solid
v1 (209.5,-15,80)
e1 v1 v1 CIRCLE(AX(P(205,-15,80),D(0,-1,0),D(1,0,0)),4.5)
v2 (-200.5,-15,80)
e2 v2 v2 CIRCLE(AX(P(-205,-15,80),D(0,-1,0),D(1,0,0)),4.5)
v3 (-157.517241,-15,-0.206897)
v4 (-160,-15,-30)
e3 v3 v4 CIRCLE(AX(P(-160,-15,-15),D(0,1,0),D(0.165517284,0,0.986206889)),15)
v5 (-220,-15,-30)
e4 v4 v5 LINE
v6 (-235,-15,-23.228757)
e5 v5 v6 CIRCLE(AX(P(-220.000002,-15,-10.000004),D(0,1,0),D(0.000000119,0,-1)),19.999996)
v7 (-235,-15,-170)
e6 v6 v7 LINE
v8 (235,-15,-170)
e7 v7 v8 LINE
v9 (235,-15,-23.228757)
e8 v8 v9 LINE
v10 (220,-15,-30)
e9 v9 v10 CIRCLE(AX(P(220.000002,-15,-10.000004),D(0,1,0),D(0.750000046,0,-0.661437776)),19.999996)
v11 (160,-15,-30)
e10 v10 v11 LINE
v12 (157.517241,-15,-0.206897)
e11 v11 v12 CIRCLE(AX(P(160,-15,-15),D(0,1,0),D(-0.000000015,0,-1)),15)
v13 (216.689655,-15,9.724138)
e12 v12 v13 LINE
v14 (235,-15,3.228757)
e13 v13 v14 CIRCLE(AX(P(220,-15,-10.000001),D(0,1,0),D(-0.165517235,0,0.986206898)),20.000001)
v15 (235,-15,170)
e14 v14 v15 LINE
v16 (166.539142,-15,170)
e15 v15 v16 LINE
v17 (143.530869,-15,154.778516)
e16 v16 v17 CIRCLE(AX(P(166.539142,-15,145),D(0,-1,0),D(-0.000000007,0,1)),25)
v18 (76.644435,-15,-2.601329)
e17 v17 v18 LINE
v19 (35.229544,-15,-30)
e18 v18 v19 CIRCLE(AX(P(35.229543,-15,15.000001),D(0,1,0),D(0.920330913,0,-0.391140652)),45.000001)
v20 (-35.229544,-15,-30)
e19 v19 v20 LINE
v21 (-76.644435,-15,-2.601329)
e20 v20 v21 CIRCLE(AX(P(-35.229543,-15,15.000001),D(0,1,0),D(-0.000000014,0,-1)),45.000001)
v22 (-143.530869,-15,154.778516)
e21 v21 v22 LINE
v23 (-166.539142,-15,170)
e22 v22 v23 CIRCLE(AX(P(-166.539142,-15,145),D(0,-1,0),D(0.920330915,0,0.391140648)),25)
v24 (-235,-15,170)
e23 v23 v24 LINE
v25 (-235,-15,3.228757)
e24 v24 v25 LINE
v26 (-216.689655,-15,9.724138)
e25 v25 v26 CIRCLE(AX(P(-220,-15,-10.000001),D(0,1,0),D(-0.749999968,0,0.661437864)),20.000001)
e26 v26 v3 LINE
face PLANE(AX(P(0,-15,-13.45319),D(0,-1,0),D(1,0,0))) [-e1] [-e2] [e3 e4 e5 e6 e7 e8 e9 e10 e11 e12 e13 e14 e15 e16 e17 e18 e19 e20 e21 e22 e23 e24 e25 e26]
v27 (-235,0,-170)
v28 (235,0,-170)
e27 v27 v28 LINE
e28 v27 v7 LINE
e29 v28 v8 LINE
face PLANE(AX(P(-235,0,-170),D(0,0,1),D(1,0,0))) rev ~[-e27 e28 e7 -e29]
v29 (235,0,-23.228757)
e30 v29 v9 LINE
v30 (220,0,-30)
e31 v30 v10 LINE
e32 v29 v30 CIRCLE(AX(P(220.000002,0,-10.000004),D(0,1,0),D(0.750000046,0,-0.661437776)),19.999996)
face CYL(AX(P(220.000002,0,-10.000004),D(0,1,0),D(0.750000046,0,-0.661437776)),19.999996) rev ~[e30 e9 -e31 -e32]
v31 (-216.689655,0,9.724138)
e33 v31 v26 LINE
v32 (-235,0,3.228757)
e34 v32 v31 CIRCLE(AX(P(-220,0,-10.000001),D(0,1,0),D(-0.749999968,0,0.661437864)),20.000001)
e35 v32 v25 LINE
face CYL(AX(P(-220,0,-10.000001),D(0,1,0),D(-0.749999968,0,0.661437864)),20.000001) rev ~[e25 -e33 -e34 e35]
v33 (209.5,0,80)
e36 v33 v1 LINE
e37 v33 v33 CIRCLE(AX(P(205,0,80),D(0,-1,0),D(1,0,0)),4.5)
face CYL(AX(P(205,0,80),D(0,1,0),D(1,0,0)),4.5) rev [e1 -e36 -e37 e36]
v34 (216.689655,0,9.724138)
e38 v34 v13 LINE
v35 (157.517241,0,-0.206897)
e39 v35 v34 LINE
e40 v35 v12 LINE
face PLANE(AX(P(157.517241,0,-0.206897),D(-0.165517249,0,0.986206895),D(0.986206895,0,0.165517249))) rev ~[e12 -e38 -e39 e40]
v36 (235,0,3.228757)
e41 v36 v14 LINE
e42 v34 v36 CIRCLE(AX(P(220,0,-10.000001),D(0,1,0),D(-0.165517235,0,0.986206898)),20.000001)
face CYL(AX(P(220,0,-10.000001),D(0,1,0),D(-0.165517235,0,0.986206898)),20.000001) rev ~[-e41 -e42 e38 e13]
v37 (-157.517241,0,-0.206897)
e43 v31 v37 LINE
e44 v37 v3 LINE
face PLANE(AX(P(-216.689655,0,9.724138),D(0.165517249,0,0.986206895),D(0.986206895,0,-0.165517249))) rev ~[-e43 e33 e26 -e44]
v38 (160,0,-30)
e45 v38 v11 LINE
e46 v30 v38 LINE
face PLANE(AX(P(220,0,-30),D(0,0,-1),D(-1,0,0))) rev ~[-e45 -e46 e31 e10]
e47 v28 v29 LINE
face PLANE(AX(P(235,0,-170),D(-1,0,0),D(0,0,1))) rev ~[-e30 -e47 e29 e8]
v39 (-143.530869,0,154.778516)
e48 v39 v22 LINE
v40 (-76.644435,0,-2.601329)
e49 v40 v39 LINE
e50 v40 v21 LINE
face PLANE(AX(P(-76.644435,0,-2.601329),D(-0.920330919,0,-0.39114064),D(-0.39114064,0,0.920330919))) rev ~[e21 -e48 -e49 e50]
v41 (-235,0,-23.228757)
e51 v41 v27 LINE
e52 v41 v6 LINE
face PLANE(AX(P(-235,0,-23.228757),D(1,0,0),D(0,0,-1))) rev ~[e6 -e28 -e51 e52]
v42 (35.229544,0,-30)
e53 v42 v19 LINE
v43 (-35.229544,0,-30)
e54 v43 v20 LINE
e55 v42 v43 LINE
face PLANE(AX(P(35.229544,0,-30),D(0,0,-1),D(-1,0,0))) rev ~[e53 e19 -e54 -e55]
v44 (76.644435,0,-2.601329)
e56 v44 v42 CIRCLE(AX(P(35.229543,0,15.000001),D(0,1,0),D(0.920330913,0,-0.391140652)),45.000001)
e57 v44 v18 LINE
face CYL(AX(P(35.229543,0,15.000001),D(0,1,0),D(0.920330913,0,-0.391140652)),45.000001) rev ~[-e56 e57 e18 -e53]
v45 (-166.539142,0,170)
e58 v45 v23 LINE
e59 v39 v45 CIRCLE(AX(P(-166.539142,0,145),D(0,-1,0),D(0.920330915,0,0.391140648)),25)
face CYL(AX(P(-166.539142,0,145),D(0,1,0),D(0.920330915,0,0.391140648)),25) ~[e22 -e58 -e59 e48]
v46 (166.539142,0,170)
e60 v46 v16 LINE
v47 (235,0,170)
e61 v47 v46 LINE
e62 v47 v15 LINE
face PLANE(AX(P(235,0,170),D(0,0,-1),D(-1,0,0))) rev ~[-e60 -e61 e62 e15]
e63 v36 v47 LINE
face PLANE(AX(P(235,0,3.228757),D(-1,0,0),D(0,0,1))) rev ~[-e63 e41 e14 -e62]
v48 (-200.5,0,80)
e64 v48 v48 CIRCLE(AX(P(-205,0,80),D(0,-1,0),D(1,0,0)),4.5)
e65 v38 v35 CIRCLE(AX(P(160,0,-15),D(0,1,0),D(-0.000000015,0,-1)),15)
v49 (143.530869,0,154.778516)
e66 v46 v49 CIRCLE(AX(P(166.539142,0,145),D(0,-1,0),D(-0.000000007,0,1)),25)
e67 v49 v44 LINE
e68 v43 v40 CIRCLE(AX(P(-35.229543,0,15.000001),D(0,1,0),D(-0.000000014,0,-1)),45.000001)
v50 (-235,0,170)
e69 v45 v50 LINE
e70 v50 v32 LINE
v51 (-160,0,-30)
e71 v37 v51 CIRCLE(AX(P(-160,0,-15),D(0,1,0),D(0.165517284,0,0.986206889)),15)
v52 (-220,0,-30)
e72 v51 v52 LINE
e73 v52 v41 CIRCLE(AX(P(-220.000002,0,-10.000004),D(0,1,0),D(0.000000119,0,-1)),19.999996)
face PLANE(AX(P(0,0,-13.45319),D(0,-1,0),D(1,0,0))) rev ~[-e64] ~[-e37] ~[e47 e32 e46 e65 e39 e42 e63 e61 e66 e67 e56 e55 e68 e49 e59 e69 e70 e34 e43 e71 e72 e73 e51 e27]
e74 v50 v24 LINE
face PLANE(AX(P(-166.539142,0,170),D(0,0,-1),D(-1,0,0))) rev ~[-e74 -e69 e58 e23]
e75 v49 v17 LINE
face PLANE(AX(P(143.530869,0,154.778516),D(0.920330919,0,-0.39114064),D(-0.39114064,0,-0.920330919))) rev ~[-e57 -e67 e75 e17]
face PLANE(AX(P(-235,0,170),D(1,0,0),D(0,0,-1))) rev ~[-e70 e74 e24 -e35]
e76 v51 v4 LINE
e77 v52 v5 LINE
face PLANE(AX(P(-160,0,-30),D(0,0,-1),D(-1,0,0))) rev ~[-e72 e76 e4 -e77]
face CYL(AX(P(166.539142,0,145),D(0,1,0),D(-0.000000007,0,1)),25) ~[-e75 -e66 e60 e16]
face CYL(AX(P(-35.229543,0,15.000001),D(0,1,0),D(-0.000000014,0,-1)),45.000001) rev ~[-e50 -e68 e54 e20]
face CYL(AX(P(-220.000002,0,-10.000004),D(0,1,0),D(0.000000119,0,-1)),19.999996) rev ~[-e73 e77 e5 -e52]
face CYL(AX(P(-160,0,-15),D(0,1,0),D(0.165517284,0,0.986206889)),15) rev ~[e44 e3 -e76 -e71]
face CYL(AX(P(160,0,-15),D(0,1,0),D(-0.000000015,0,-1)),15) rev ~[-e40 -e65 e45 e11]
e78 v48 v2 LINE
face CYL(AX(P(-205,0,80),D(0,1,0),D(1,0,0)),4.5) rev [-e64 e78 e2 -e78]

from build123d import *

# Parameters (mm, degrees)
F0_R     = 4.5
F1_DEPTH = 15


with BuildPart() as f1:
    # F0 (on Front) → F1 (new body)
    with BuildSketch(Plane.XZ):
        with BuildLine():
            Line((-166.539142, 170), (-235, 170))
            Line((-235, 170), (-235, 3.228757))
            ThreePointArc((-235, 3.228757), (-226.686517, 8.849151), (-216.689655, 9.724138))
            Line((-216.689655, 9.724138), (-157.517241, -0.206897))
            ThreePointArc((-157.517241, -0.206897), (-145.051814, -16.245682), (-160, -30))
            Line((-160, -30), (-220, -30))
            ThreePointArc((-220, -30), (-228.228757, -28.228757), (-235, -23.228757))
            Line((-235, -23.228757), (-235, -170))
            Line((-235, -170), (0, -170))
            Line((0, -170), (235, -170))
            Line((235, -170), (235, -23.228757))
            ThreePointArc((235, -23.228757), (228.228757, -28.228757), (220, -30))
            Line((220, -30), (160, -30))
            ThreePointArc((160, -30), (145.051814, -16.245682), (157.517241, -0.206897))
            Line((157.517241, -0.206897), (216.689655, 9.724138))
            ThreePointArc((216.689655, 9.724138), (226.686517, 8.849151), (235, 3.228757))
            Line((235, 3.228757), (235, 170))
            Line((235, 170), (166.539142, 170))
            ThreePointArc((166.539142, 170), (152.745356, 165.850215), (143.530869, 154.778516))
            Line((143.530869, 154.778516), (76.644435, -2.601329))
            ThreePointArc((76.644435, -2.601329), (60.05836, -22.530386), (35.229544, -30))
            Line((35.229544, -30), (0, -30))
            Line((0, -30), (-35.229544, -30))
            ThreePointArc((-35.229544, -30), (-60.05836, -22.530386), (-76.644435, -2.601329))
            Line((-76.644435, -2.601329), (-143.530869, 154.778516))
            ThreePointArc((-143.530869, 154.778516), (-152.745356, 165.850215), (-166.539142, 170))
        make_face()
        with Locations((-205, 80)):
            Circle(F0_R, mode=Mode.SUBTRACT)
        with Locations((205, 80)):
            Circle(F0_R, mode=Mode.SUBTRACT)
    extrude(amount=F1_DEPTH)


solid = f1.part
